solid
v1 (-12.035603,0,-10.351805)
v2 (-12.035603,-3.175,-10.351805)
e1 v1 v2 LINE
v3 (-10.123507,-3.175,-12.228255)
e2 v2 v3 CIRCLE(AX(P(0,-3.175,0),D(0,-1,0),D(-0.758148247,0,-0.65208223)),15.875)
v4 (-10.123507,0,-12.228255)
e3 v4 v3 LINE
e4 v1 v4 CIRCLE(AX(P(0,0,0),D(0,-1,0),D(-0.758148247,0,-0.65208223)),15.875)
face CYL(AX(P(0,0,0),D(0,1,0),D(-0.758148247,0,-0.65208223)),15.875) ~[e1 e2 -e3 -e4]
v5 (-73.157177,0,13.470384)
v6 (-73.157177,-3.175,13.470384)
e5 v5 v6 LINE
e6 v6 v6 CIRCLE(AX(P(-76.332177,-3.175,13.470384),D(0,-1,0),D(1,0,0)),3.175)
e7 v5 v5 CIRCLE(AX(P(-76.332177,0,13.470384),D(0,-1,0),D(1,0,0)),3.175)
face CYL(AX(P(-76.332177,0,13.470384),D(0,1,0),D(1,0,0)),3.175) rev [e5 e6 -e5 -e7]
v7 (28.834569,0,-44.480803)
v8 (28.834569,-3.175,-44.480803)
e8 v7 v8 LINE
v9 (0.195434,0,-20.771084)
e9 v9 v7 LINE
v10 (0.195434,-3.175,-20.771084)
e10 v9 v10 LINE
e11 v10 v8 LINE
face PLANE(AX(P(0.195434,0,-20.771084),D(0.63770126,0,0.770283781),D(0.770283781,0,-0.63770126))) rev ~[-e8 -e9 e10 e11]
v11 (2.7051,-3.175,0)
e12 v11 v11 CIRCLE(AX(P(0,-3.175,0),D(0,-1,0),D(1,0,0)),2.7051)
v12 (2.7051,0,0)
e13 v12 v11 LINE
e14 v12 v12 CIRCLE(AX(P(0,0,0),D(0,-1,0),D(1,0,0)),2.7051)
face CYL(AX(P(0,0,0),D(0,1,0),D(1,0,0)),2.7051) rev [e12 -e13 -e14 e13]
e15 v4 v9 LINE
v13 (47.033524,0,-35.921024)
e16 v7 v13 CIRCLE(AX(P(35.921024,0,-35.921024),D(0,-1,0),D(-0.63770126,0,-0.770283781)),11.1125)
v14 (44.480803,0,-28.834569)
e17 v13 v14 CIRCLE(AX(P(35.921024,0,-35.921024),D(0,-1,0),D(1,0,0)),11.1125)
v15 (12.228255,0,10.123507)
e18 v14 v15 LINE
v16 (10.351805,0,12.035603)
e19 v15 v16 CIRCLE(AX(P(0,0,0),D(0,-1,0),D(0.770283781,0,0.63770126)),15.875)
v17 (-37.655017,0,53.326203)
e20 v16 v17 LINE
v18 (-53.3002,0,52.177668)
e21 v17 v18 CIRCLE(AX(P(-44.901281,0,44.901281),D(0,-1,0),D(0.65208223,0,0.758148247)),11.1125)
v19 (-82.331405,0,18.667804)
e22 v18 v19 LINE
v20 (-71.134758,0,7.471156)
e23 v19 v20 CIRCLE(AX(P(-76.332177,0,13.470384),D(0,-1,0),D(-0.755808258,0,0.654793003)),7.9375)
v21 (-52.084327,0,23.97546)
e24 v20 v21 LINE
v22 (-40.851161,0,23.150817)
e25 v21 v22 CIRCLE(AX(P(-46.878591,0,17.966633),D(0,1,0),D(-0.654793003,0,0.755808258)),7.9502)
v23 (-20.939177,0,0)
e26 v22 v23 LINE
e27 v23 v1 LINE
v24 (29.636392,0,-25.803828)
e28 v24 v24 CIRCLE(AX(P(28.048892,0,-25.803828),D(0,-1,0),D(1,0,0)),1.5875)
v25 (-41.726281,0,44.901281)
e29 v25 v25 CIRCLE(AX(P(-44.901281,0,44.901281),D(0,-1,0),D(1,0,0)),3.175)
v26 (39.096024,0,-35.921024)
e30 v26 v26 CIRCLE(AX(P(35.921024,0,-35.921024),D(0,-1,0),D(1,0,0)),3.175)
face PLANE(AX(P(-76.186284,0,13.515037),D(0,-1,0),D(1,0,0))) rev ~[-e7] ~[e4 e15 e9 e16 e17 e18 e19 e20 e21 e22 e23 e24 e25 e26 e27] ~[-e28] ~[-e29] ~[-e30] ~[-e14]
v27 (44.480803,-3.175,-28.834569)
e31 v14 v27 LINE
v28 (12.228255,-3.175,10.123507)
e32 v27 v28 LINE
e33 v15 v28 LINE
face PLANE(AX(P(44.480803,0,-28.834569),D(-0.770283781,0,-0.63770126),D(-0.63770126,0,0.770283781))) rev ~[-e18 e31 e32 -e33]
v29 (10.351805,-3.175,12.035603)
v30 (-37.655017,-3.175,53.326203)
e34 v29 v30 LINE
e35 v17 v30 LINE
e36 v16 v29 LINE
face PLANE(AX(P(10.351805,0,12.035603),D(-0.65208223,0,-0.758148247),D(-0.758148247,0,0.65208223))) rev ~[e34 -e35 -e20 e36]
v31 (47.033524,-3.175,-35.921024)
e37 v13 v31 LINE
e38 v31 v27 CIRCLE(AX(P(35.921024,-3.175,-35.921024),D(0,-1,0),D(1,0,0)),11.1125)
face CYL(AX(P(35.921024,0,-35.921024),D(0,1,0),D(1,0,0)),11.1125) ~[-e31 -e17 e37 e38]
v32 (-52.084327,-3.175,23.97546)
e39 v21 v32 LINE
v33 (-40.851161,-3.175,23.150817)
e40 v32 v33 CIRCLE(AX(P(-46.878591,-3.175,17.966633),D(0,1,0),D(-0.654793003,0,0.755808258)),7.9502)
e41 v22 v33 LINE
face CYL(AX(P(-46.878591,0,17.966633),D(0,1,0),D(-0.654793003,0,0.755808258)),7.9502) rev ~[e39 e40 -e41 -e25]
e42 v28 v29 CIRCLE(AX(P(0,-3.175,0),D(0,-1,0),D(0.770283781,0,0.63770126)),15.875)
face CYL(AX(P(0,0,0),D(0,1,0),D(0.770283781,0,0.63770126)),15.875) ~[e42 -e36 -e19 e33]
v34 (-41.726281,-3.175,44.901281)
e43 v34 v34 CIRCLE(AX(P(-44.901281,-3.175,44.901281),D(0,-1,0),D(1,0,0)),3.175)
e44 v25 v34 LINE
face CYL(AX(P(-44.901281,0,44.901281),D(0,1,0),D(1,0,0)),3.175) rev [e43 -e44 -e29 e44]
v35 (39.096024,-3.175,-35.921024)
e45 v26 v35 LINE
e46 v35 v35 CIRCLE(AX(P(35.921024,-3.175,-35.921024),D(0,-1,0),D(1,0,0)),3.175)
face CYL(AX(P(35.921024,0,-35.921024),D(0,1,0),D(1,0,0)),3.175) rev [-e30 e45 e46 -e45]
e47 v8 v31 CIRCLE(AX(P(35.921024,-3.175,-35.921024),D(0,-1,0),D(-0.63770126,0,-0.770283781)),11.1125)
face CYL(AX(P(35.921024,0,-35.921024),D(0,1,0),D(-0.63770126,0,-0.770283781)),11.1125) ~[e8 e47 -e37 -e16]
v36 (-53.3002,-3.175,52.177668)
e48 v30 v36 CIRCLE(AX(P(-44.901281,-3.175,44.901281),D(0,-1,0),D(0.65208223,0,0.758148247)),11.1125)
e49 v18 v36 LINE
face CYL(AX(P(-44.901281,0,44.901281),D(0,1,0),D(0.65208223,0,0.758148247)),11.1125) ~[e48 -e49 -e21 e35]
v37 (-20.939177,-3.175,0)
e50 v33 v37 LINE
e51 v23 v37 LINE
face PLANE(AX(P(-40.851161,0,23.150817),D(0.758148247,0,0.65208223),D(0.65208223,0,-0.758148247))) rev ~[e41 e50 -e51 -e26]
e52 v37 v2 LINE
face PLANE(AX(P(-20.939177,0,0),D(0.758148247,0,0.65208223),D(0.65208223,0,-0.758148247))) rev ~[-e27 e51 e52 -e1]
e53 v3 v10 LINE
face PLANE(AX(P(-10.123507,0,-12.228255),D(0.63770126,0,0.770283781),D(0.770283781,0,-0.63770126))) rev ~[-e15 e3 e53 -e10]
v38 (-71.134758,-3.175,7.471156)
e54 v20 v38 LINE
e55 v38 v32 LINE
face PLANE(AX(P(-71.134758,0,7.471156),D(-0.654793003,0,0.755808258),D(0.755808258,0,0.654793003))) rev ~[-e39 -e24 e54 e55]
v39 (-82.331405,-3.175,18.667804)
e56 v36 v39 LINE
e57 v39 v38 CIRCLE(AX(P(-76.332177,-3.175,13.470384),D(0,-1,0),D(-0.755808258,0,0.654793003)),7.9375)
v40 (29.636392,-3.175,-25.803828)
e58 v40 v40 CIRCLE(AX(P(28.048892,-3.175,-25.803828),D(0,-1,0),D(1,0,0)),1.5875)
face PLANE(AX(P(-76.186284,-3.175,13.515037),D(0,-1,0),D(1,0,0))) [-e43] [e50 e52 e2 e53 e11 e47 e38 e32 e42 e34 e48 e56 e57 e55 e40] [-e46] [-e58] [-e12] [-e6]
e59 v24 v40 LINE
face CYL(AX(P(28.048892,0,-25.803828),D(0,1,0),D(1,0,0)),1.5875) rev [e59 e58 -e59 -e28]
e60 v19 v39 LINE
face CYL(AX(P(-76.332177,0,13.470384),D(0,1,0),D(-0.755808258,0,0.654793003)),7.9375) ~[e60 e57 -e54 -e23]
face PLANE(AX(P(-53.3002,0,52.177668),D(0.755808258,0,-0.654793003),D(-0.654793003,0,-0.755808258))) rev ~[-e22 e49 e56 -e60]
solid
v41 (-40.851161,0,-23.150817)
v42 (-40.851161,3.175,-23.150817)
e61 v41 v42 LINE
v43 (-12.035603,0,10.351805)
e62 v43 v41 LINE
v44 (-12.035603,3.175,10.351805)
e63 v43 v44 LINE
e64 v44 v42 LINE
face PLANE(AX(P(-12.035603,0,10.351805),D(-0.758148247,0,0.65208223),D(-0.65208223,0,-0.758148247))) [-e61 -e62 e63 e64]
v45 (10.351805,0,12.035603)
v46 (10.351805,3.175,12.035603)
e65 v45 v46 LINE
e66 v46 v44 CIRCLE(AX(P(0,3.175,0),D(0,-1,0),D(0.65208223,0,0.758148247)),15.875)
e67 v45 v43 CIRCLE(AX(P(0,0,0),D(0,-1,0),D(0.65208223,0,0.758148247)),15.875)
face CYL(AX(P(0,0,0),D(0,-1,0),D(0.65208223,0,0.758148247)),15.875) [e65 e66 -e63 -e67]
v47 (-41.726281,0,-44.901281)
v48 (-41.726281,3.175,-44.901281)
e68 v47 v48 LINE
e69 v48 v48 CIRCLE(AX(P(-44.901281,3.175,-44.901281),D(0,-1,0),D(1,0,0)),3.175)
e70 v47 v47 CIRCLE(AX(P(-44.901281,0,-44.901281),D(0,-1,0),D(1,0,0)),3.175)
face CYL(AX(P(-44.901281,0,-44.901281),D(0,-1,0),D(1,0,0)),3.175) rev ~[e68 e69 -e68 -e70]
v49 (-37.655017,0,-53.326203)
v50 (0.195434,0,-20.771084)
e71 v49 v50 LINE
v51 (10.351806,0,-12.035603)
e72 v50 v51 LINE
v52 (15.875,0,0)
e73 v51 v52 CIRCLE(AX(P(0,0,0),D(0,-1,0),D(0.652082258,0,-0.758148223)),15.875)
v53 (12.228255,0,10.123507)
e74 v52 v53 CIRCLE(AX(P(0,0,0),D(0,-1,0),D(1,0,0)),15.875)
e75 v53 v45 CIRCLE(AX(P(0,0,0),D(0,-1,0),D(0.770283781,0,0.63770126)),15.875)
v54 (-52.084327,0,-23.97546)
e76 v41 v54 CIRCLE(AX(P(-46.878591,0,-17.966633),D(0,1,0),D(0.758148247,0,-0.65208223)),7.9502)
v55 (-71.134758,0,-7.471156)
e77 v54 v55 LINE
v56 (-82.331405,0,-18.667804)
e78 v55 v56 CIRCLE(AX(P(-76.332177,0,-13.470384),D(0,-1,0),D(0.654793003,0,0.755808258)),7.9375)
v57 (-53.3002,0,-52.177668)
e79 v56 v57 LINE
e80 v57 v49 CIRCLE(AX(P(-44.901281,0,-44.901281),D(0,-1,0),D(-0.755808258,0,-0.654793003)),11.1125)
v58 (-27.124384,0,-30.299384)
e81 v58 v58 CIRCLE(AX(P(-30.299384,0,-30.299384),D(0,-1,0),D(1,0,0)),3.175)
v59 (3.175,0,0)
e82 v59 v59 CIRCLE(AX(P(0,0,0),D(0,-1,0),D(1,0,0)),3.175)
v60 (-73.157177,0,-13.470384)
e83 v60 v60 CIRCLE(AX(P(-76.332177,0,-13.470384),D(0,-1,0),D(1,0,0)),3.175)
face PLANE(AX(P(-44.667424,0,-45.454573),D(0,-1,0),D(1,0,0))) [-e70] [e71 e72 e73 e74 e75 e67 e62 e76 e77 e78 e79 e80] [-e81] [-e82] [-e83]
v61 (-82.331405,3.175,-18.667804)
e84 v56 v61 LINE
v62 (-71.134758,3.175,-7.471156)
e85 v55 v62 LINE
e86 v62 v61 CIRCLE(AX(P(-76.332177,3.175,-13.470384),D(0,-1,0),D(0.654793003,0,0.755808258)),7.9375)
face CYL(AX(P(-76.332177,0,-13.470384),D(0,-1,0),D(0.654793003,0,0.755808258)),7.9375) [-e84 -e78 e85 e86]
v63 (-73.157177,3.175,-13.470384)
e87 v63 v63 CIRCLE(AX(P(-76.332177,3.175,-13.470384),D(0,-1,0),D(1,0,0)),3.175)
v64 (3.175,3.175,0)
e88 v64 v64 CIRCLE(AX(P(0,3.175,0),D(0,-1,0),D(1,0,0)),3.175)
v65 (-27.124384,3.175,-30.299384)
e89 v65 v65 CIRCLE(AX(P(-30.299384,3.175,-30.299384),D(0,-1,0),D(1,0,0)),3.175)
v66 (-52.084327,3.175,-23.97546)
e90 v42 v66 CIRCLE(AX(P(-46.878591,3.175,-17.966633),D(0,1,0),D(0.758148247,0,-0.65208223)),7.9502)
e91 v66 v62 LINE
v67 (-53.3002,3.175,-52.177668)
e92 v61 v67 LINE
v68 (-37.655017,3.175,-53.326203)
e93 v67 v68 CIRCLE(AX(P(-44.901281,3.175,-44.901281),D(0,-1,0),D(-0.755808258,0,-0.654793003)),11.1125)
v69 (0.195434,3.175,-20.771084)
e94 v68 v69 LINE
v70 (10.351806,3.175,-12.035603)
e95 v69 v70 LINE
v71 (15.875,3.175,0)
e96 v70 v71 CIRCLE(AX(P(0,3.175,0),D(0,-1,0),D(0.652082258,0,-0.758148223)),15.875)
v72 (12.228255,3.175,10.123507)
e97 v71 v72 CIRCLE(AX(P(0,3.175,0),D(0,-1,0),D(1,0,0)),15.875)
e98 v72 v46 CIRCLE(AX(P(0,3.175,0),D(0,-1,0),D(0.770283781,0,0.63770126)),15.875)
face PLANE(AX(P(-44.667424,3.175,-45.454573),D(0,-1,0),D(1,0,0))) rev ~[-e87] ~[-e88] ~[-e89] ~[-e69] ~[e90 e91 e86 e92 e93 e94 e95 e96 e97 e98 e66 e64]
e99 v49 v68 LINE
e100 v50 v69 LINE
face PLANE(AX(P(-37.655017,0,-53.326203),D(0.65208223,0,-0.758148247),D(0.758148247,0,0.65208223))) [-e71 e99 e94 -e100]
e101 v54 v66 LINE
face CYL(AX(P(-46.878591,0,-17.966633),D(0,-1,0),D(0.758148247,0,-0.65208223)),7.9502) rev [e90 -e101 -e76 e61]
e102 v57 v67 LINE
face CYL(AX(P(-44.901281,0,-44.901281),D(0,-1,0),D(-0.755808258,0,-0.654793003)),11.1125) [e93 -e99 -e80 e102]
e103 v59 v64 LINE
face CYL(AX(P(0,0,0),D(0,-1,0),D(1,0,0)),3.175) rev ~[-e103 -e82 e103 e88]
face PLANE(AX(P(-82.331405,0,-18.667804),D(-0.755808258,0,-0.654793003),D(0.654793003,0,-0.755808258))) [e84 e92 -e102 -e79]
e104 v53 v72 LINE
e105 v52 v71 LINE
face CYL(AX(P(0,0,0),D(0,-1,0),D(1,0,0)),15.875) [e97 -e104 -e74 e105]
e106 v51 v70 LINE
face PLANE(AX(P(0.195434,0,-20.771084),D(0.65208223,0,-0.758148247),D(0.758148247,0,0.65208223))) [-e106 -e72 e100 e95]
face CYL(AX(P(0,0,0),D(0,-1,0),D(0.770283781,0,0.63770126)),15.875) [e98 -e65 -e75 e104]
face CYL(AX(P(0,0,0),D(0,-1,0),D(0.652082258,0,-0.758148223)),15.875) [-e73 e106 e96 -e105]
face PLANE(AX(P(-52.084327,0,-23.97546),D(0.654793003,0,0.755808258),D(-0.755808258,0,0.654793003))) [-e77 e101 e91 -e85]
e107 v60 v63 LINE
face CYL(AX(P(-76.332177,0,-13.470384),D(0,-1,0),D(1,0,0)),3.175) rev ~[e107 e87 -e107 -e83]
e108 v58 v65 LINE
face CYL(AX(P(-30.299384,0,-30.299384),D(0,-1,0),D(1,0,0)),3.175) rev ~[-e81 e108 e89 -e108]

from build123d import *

# Parameters (mm, degrees)
F0_R     = 3.175
F0_R_2   = 2.7051
F0_R_3   = 1.5875
F1_DEPTH = 3.175
F2_DEPTH = 3.175


with BuildPart() as f1:
    # F0 (on Front) → F1 (new body)
    with BuildSketch(Plane.XZ):
        with BuildLine():
            ThreePointArc((-71.1347575644, 7.4711561347), (-69.1121208226, 10.1727039932), (-68.3946770291, 13.4703841816))
            ThreePointArc((-68.3946770291, 13.4703841816), (-73.5586383483, 20.9075469092), (-82.331405076, 18.6678036462))
            ThreePointArc((-82.331405076, 18.6678036462), (-81.9448371048, 7.8577241059), (-71.1347575644, 7.4711561347))
        make_face()
        with Locations((-76.3321770291, 13.4703841816)):
            Circle(F0_R, mode=Mode.SUBTRACT)
        with BuildLine():
            ThreePointArc((-37.655016822, 53.3262030046), (-45.7148756595, 55.9839571475), (-53.300199871, 52.1776678558))
            ThreePointArc((-53.300199871, 52.1776678558), (-56.0137627922, 44.9211777548), (-53.3262030046, 37.655016822))
            ThreePointArc((-53.3262030046, 37.655016822), (-41.0369756168, 34.4823169714), (-33.7887806053, 44.9012806053))
            ThreePointArc((-33.7887806053, 44.9012806053), (-34.8014845049, 49.5361241819), (-37.655016822, 53.3262030046))
        make_face()
        with Locations((-44.9012806053, 44.9012806053)):
            Circle(F0_R, mode=Mode.SUBTRACT)
        with BuildLine():
            ThreePointArc((-82.331405076, 18.6678036462), (-73.5586383483, 20.9075469092), (-68.3946770291, 13.4703841816))
            ThreePointArc((-68.3946770291, 13.4703841816), (-69.1121208226, 10.1727039932), (-71.1347575644, 7.4711561347))
            Line((-71.1347575644, 7.4711561347), (-52.0843267669, 23.9754595323))
            ThreePointArc((-52.0843267669, 23.9754595323), (-46.2965222838, 25.8954961667), (-40.8511612346, 23.1508168672))
            Line((-40.8511612346, 23.1508168672), (-53.3262030046, 37.655016822))
            ThreePointArc((-53.3262030046, 37.655016822), (-56.0137627922, 44.9211777548), (-53.300199871, 52.1776678558))
            Line((-53.300199871, 52.1776678558), (-82.331405076, 18.6678036462))
        make_face()
        with BuildLine():
            Line((-12.0356033823, 10.3518054572), (-20.9391765456, 0))
            Line((-20.9391765456, 0), (-12.0356034274, -10.3518054047))
            ThreePointArc((-12.0356034274, -10.3518054047), (-15.875, 3.46e-08), (-12.0356033823, 10.3518054572))
        make_face()
        with BuildLine():
            ThreePointArc((12.2282550252, 10.1235074968), (11.3304373246, 11.1192092809), (10.3518054047, 12.0356034274))
            ThreePointArc((10.3518054047, 12.0356034274), (-1.1906249655, 15.830288601), (-12.0356033823, 10.3518054572))
            ThreePointArc((-12.0356033823, 10.3518054572), (-15.875, 3.46e-08), (-12.0356034274, -10.3518054047))
            ThreePointArc((-12.0356034274, -10.3518054047), (-11.1192092809, -11.3304373246), (-10.1235074968, -12.2282550252))
            ThreePointArc((-10.1235074968, -12.2282550252), (0.1493610759, -15.8742973473), (10.3518058503, -12.0356030442))
            ThreePointArc((10.3518058503, -12.0356030442), (14.4282802661, -6.6212048423), (15.875, 0))
            ThreePointArc((15.875, 0), (14.9355142785, 5.3801522504), (12.2282550252, 10.1235074968))
        make_face()
        Circle(F0_R, mode=Mode.SUBTRACT)
        Circle(F0_R)
        Circle(F0_R_2, mode=Mode.SUBTRACT)
        with BuildLine():
            Line((44.4808030019, -28.8345692365), (12.2282550252, 10.1235074968))
            ThreePointArc((12.2282550252, 10.1235074968), (14.9355142785, 5.3801522504), (15.875, 0))
            ThreePointArc((15.875, 0), (14.4282802661, -6.6212048423), (10.3518058503, -12.0356030442))
            Line((10.3518058503, -12.0356030442), (0.1954344954, -20.7710836138))
            Line((0.1954344954, -20.7710836138), (28.8345692365, -44.4808030019))
            ThreePointArc((28.8345692365, -44.4808030019), (28.0633003783, -28.0633003783), (44.4808030019, -28.8345692365))
        make_face()
        with Locations((28.0488921947, -25.8038281644)):
            Circle(F0_R_3, mode=Mode.SUBTRACT)
        with BuildLine():
            ThreePointArc((10.3518058503, -12.0356030442), (0.1493610759, -15.8742973473), (-10.1235074968, -12.2282550252))
            Line((-10.1235074968, -12.2282550252), (0.1954344954, -20.7710836138))
            Line((0.1954344954, -20.7710836138), (10.3518058503, -12.0356030442))
        make_face()
        with BuildLine():
            ThreePointArc((47.0335244843, -35.9210244843), (46.3758844792, -32.154917909), (44.4808030019, -28.8345692365))
            ThreePointArc((44.4808030019, -28.8345692365), (28.0633003783, -28.0633003783), (28.8345692365, -44.4808030019))
            ThreePointArc((28.8345692365, -44.4808030019), (40.650687385, -45.9767663811), (47.0335244843, -35.9210244843))
        make_face()
        with Locations((35.9210244843, -35.9210244843)):
            Circle(F0_R, mode=Mode.SUBTRACT)
        with BuildLine():
            Line((10.3518054047, 12.0356034274), (-37.655016822, 53.3262030046))
            ThreePointArc((-37.655016822, 53.3262030046), (-34.8014845049, 49.5361241819), (-33.7887806053, 44.9012806053))
            ThreePointArc((-33.7887806053, 44.9012806053), (-41.0369756168, 34.4823169714), (-53.3262030046, 37.655016822))
            Line((-53.3262030046, 37.655016822), (-40.8511612346, 23.1508168672))
            Line((-40.8511612346, 23.1508168672), (-20.9391765456, 0))
            Line((-20.9391765456, 0), (-12.0356033823, 10.3518054572))
            ThreePointArc((-12.0356033823, 10.3518054572), (-1.1906249655, 15.830288601), (10.3518054047, 12.0356034274))
        make_face()
    extrude(amount=F1_DEPTH)


with BuildPart() as f2:
    # F0 (on Front) → F2 (new body)
    with BuildSketch(Plane.XZ):
        with BuildLine():
            ThreePointArc((-53.300199871, -52.1776678558), (-45.7148756595, -55.9839571475), (-37.655016822, -53.3262030046))
            ThreePointArc((-37.655016822, -53.3262030046), (-34.8014845049, -49.5361241819), (-33.7887806053, -44.9012806053))
            ThreePointArc((-33.7887806053, -44.9012806053), (-48.7842347585, -34.4892527868), (-53.300199871, -52.1776678558))
        make_face()
        with Locations((-44.9012806053, -44.9012806053)):
            Circle(F0_R, mode=Mode.SUBTRACT)
        with BuildLine():
            ThreePointArc((12.2282550252, 10.1235074968), (11.3304373246, 11.1192092809), (10.3518054047, 12.0356034274))
            ThreePointArc((10.3518054047, 12.0356034274), (-1.1906249655, 15.830288601), (-12.0356033823, 10.3518054572))
            ThreePointArc((-12.0356033823, 10.3518054572), (-15.875, 3.46e-08), (-12.0356034274, -10.3518054047))
            ThreePointArc((-12.0356034274, -10.3518054047), (-11.1192092809, -11.3304373246), (-10.1235074968, -12.2282550252))
            ThreePointArc((-10.1235074968, -12.2282550252), (0.1493610759, -15.8742973473), (10.3518058503, -12.0356030442))
            ThreePointArc((10.3518058503, -12.0356030442), (14.4282802661, -6.6212048423), (15.875, 0))
            ThreePointArc((15.875, 0), (14.9355142785, 5.3801522504), (12.2282550252, 10.1235074968))
        make_face()
        Circle(F0_R, mode=Mode.SUBTRACT)
        with BuildLine():
            Line((-12.0356033823, 10.3518054572), (-20.9391765456, 0))
            Line((-20.9391765456, 0), (-12.0356034274, -10.3518054047))
            ThreePointArc((-12.0356034274, -10.3518054047), (-15.875, 3.46e-08), (-12.0356033823, 10.3518054572))
        make_face()
        with BuildLine():
            ThreePointArc((10.3518058503, -12.0356030442), (0.1493610759, -15.8742973473), (-10.1235074968, -12.2282550252))
            Line((-10.1235074968, -12.2282550252), (0.1954344954, -20.7710836138))
            Line((0.1954344954, -20.7710836138), (10.3518058503, -12.0356030442))
        make_face()
        with BuildLine():
            ThreePointArc((-68.3946770291, -13.4703841816), (-69.1121208226, -10.1727039932), (-71.1347575644, -7.4711561347))
            ThreePointArc((-71.1347575644, -7.4711561347), (-81.9448371048, -7.8577241059), (-82.331405076, -18.6678036462))
            ThreePointArc((-82.331405076, -18.6678036462), (-73.5586383483, -20.9075469092), (-68.3946770291, -13.4703841816))
        make_face()
        with Locations((-76.3321770291, -13.4703841816)):
            Circle(F0_R, mode=Mode.SUBTRACT)
        with BuildLine():
            Line((-12.0356034274, -10.3518054047), (-20.9391765456, 0))
            Line((-20.9391765456, 0), (-40.8511612346, -23.1508168672))
            ThreePointArc((-40.8511612346, -23.1508168672), (-46.2965222838, -25.8954961667), (-52.0843267669, -23.9754595323))
            Line((-52.0843267669, -23.9754595323), (-71.1347575644, -7.4711561347))
            ThreePointArc((-71.1347575644, -7.4711561347), (-69.1121208226, -10.1727039932), (-68.3946770291, -13.4703841816))
            ThreePointArc((-68.3946770291, -13.4703841816), (-73.5586383483, -20.9075469092), (-82.331405076, -18.6678036462))
            Line((-82.331405076, -18.6678036462), (-53.300199871, -52.1776678558))
            ThreePointArc((-53.300199871, -52.1776678558), (-48.7842347585, -34.4892527868), (-33.7887806053, -44.9012806053))
            ThreePointArc((-33.7887806053, -44.9012806053), (-34.8014845049, -49.5361241819), (-37.655016822, -53.3262030046))
            Line((-37.655016822, -53.3262030046), (0.1954344954, -20.7710836138))
            Line((0.1954344954, -20.7710836138), (-10.1235074968, -12.2282550252))
            ThreePointArc((-10.1235074968, -12.2282550252), (-11.1192092809, -11.3304373246), (-12.0356034274, -10.3518054047))
        make_face()
        with Locations((-30.2993841525, -30.2993841525)):
            Circle(F0_R, mode=Mode.SUBTRACT)
    extrude(amount=-F2_DEPTH)


solid = Compound([f1.part, f2.part])
